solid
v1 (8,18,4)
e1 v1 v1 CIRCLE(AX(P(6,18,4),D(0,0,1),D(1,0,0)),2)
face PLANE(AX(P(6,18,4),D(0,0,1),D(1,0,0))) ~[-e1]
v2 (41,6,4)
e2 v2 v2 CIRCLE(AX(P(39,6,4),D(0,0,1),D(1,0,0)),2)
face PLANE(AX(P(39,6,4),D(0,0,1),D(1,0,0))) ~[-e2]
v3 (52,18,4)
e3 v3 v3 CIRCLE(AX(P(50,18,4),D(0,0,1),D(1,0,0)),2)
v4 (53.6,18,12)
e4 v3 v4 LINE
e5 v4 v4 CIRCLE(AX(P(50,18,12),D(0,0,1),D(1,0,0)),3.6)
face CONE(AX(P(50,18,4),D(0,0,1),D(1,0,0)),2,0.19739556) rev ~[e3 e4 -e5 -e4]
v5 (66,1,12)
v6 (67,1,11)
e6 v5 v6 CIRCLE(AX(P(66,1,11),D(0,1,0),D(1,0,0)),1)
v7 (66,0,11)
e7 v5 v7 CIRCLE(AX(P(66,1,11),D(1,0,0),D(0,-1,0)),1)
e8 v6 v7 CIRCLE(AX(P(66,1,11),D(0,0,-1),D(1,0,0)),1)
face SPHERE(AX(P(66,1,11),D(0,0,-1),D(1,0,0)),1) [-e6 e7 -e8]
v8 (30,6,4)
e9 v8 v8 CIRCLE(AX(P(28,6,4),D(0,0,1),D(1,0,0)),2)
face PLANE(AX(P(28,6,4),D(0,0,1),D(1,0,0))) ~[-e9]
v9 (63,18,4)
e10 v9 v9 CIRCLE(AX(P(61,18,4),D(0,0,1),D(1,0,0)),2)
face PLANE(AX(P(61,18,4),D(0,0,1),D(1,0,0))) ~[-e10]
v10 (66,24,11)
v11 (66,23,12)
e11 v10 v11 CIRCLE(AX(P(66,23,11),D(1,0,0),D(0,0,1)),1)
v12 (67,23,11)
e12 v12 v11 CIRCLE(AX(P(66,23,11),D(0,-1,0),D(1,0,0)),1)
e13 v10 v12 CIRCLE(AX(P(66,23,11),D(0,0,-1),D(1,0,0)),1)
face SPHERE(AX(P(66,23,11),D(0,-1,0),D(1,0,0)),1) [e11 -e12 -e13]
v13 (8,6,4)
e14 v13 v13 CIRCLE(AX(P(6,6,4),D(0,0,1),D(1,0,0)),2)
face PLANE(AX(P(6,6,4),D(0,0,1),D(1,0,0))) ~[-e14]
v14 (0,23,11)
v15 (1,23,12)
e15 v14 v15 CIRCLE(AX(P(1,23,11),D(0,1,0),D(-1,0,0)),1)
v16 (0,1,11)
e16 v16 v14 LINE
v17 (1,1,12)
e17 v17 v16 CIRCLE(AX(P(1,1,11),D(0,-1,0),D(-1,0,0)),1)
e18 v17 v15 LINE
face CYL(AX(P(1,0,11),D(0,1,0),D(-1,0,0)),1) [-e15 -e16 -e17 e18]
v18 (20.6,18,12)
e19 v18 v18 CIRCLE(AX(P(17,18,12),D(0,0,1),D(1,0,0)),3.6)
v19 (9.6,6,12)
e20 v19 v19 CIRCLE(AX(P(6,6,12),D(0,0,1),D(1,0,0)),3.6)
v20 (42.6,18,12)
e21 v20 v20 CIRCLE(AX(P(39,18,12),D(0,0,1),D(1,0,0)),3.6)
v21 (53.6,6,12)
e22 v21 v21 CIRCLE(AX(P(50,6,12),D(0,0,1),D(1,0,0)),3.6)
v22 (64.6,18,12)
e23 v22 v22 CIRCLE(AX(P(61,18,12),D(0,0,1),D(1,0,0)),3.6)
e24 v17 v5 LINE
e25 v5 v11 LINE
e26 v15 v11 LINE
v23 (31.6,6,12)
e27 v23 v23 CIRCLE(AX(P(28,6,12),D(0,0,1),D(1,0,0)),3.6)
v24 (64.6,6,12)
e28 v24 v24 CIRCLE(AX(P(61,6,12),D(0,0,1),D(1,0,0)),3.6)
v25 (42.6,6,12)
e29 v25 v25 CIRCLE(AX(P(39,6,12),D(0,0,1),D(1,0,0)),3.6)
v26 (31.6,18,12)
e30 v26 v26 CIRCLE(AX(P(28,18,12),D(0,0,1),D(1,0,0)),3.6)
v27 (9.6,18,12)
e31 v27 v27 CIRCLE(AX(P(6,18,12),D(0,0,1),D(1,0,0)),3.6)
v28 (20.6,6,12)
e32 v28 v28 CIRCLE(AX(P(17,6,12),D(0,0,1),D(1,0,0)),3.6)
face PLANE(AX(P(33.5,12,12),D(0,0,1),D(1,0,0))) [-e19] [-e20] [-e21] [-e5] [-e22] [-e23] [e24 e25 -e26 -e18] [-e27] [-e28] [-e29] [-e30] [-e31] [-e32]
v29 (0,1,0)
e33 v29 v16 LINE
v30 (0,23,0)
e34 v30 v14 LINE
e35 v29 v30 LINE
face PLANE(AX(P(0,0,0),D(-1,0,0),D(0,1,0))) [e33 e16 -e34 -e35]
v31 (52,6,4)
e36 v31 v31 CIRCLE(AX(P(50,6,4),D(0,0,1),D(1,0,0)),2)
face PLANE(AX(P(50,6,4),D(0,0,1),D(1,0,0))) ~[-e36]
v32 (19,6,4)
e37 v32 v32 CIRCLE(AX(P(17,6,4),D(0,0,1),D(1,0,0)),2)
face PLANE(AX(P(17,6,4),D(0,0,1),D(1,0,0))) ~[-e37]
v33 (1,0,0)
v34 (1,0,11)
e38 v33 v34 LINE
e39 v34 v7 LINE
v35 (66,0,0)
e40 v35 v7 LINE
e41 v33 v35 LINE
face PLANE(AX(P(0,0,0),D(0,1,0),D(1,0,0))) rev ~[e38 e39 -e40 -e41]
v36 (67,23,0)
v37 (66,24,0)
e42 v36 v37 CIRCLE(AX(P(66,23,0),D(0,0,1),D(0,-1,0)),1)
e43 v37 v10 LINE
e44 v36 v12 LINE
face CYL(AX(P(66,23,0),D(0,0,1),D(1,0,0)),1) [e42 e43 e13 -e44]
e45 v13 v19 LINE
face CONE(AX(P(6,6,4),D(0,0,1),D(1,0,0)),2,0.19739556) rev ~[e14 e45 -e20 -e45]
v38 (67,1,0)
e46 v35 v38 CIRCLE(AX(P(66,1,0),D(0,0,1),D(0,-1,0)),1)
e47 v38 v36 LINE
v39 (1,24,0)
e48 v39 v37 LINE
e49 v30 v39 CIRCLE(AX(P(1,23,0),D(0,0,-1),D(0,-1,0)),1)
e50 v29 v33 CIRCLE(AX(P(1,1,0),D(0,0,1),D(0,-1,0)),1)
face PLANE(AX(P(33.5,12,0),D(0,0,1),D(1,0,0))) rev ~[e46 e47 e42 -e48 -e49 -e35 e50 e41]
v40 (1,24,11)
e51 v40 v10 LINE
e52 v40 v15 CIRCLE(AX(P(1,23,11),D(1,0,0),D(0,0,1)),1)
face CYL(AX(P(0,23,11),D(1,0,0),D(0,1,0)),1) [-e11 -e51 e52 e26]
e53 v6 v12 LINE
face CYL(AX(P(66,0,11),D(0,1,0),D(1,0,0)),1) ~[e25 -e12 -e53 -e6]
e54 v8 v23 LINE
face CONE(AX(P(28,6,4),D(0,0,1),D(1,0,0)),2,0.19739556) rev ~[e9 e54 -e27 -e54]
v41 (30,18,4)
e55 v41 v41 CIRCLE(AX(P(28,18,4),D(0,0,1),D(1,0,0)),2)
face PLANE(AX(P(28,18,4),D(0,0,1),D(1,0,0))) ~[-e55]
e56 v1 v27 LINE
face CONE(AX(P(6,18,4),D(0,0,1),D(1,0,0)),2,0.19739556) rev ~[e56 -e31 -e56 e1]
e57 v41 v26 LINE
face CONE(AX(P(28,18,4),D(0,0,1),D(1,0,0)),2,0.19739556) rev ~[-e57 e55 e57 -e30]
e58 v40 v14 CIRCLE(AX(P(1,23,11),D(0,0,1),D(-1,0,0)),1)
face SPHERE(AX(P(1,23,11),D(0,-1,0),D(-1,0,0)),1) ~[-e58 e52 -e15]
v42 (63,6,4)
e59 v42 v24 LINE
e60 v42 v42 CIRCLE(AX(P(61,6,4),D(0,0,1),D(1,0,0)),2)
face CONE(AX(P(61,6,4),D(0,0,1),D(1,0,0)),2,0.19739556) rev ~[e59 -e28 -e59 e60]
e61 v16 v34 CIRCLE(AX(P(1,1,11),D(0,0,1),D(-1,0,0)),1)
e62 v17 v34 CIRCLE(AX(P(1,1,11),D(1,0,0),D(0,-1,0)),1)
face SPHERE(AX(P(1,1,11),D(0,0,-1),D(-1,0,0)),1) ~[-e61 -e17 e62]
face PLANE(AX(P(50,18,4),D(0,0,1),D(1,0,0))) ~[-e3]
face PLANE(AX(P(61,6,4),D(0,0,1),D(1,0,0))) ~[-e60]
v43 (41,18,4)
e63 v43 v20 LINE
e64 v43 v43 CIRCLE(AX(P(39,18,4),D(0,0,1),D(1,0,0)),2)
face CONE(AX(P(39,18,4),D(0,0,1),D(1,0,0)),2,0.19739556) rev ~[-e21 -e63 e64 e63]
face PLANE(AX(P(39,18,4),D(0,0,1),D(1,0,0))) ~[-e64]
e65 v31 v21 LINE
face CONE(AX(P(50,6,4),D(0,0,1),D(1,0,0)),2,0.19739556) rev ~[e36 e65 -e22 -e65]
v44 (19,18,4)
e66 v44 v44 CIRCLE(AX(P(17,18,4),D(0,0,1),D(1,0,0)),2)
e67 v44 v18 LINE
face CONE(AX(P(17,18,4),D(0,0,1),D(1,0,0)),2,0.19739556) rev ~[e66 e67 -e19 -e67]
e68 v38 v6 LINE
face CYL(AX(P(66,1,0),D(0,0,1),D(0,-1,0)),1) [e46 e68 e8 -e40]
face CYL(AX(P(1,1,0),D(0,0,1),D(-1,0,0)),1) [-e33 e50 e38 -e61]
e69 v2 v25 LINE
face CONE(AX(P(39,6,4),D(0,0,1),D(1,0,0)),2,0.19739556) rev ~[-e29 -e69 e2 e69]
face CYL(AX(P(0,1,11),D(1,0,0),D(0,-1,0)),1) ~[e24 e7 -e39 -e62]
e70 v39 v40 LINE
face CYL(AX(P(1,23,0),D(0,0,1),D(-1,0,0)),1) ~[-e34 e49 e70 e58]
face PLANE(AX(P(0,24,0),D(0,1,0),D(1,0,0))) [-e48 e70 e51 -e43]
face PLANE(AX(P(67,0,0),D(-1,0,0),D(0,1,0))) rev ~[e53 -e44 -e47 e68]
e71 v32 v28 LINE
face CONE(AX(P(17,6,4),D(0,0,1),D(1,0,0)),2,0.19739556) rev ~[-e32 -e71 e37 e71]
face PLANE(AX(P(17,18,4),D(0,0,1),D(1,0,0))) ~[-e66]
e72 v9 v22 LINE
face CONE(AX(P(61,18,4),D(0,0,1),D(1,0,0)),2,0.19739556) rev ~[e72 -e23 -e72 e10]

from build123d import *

# Parameters (mm, degrees)
ARRAY_X_COUNT = 6
ARRAY_X_PITCH = 11
ARRAY_Y_COUNT = 2
ARRAY_Y_PITCH = 12
BOX_W         = 67
BOX_H         = 24
BOX_DEPTH     = 12
FILLET_R      = 1


with BuildPart() as array:
    # Cone → Cone (revolve)
    with BuildSketch(Plane(origin=(6, 6, 4), x_dir=(1, 0, 0), z_dir=(0, -1, 0))):
        Polygon((0, 0), (2, 0), (4, 10), (0, 10), align=None)
    revolve(axis=Axis((6, 6, 4), (0, 0, 1)))

    # Array X: Array ×6


with BuildPart() as array_1:
    add(array.part)
    with Locations(*[(i * ARRAY_X_PITCH, 0, 0) for i in range(1, ARRAY_X_COUNT)]):
        add(array.part)

    # Array Y: Array ×2


with BuildPart() as array_2:
    add(array_1.part)
    with Locations(*[(0, i * ARRAY_Y_PITCH, 0) for i in range(1, ARRAY_Y_COUNT)]):
        add(array_1.part)


with BuildPart() as cut:
    # Box → Box (new body)
    with BuildSketch(Plane.XY):
        with Locations((33.5, 12)):
            Rectangle(BOX_W, BOX_H)
    extrude(amount=BOX_DEPTH)

    # Fillet
    fillet_edges = [cut.edges().sort_by_distance(p)[0] for p in [
        (0, 0, 6),
        (0, 12, 12),
        (0, 24, 6),
        (67, 0, 6),
        (67, 12, 12),
        (67, 24, 6),
        (33.5, 0, 12),
        (33.5, 24, 12),
    ]]
    fillet(fillet_edges, radius=FILLET_R)

    # Cut: cut Array
    add(array_2.part, mode=Mode.SUBTRACT)


solid = cut.part
